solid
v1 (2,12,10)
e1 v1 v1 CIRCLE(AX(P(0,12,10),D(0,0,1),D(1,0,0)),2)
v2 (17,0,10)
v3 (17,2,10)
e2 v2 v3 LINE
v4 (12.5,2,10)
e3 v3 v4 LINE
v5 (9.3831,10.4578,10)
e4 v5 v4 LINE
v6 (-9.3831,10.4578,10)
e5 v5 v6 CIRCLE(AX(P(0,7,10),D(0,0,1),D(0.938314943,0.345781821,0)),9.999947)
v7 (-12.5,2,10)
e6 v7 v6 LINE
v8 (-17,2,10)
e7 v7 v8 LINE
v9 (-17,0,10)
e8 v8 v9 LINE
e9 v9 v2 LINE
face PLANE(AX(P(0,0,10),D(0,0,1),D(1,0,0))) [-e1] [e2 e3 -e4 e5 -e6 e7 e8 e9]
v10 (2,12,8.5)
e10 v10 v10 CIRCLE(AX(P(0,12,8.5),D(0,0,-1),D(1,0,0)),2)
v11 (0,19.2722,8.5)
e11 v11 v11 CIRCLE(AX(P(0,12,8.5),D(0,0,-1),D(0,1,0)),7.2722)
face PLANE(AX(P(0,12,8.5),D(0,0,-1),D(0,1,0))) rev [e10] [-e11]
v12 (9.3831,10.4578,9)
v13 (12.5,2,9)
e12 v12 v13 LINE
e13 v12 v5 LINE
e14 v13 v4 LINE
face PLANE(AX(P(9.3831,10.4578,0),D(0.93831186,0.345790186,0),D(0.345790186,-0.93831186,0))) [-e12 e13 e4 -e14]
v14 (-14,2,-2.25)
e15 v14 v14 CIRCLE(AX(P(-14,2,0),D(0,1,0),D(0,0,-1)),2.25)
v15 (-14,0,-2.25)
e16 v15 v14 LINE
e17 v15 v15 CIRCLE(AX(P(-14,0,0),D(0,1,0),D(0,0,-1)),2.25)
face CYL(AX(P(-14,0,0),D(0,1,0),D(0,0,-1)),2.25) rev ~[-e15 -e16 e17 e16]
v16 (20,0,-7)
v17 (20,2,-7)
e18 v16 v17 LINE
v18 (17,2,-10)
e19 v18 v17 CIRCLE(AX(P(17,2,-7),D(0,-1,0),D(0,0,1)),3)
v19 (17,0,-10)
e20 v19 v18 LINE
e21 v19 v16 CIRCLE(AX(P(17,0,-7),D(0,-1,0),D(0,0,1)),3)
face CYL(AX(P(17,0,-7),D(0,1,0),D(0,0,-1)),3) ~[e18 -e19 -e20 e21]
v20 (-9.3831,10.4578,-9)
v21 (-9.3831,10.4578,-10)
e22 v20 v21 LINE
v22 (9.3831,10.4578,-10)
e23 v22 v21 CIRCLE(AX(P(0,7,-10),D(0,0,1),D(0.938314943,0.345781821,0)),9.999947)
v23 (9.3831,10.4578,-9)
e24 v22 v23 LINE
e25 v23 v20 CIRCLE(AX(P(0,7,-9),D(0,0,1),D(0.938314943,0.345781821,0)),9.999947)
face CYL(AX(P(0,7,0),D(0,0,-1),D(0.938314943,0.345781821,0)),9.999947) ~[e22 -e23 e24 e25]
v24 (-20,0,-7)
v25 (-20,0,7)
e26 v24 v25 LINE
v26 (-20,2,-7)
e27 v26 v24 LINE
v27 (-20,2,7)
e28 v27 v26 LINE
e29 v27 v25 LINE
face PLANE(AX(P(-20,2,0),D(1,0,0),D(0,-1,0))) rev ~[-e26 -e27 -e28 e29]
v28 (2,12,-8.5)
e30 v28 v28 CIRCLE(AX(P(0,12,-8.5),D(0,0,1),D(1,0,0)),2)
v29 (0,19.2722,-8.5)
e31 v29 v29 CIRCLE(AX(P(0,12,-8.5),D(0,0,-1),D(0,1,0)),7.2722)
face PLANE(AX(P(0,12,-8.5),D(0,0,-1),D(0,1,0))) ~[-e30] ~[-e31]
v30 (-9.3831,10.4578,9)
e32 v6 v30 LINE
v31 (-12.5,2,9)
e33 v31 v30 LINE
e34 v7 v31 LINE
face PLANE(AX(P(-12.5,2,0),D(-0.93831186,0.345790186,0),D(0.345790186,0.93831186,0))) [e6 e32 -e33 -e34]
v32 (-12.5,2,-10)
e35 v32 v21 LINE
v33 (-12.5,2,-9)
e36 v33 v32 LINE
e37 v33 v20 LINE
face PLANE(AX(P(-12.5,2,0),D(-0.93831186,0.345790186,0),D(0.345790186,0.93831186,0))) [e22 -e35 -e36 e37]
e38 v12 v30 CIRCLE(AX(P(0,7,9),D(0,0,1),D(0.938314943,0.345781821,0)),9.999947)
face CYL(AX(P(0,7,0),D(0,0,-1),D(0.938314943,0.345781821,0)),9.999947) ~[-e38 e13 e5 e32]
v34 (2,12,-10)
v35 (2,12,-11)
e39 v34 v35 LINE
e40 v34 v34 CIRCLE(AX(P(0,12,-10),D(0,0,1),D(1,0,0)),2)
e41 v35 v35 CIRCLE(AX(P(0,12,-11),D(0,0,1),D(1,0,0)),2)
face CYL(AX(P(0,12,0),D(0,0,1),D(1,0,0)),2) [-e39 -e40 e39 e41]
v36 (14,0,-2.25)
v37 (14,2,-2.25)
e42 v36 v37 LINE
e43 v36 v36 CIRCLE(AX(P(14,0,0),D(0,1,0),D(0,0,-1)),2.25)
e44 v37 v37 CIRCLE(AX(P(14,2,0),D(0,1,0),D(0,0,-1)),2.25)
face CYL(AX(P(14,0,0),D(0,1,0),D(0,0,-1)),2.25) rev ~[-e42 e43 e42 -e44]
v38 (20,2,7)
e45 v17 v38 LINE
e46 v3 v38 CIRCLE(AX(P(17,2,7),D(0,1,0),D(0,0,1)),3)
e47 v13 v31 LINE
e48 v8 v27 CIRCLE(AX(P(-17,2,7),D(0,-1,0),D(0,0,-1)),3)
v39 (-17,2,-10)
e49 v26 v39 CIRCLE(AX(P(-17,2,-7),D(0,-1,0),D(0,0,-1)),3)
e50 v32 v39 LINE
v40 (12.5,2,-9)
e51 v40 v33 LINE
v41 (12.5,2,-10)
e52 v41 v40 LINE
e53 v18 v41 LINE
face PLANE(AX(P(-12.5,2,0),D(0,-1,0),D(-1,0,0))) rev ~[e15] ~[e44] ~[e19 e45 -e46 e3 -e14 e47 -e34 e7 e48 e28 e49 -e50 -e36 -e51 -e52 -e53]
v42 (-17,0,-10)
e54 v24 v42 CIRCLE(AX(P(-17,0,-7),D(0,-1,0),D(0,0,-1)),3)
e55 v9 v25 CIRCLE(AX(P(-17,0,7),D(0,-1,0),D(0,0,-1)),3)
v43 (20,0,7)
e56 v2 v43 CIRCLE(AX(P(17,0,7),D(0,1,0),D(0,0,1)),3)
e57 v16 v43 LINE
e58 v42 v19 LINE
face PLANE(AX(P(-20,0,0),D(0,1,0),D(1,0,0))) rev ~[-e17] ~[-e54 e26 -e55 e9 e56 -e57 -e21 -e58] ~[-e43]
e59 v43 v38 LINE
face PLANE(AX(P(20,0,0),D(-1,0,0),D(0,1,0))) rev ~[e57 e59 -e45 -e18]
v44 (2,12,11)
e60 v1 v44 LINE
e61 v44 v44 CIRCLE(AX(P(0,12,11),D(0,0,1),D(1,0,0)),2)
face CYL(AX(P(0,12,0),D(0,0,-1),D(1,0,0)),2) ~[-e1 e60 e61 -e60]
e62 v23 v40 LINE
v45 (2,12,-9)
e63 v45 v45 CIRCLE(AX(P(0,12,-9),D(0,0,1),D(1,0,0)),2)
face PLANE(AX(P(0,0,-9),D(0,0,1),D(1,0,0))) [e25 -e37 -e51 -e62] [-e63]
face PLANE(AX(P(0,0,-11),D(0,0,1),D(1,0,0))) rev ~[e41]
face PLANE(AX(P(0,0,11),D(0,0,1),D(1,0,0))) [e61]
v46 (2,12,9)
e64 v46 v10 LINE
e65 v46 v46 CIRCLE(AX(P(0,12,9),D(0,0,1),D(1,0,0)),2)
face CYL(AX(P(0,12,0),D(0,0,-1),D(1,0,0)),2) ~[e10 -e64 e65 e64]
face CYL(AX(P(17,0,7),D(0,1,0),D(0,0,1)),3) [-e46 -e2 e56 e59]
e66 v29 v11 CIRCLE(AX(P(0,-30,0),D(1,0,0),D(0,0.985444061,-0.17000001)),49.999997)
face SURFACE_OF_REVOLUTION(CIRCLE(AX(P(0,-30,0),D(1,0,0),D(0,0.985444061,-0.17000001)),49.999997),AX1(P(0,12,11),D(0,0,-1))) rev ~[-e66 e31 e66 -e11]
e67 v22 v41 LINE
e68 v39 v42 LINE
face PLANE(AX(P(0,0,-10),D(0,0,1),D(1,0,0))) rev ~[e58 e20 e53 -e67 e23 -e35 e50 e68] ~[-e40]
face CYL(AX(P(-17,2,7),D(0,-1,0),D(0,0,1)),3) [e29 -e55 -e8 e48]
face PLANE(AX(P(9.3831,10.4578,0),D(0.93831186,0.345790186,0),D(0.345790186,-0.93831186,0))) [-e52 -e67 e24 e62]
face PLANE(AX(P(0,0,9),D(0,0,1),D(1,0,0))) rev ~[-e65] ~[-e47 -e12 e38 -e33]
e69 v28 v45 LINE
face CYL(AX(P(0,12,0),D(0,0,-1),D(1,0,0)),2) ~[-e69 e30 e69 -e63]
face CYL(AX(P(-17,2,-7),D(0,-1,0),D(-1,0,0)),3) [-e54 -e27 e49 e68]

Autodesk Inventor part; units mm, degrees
ref_plane "YZ Plane" through (0, 0, 0) normal (1, 0, 0) x (0, 1, 0)
ref_plane "XZ Plane" through (0, 0, 0) normal (0, 1, 0) x (-1, 0, 0)
ref_plane "XY Plane" through (0, 0, 0) normal (0, 0, 1) x (1, 0, 0)
sketch "Sketch1" plane through (0, 0, 0) normal (0, 0, 1) x (1, 0, 0)
  line L0 (-20, 0) -> (20, 0)
  line L1 (20, 0) -> (20, 2)
  line L2 (20, 2) -> (-20, 2)
  line L3 (-20, 2) -> (-20, 0)
  line L4 (-12.5, 2) -> (-9.3831, 10.4578)
  line L5 (9.3831, 10.4578) -> (12.5, 2)
  line L6 (0, 12) -> (0, 2) construction
  circle A0 centre (0, 12) radius 2
  arc A1 (9.3831, 10.4578) -> (-9.3831, 10.4578) centre (0, 7) ccw
  point P0 (0, 0)
  point P1 (0, 0)
  dimension "d0" = 40
  dimension "d1" = 2
  dimension "d2" = 25
  dimension "d3" = 12
  dimension "d5" = 4
  dimension "d27" = 10
  dimension "d28" = 5
extrude "Extrusion1" add sketch "Sketch1" along normal mid plane 20
extrude "Extrusion3" add sketch "Sketch1" along normal mid plane 22 contours A0
extrude "Extrusion2" cut sketch "Sketch1" along normal mid plane 18 contours L4 A1 L5 L2
sketch "Sketch2" plane through (0, 0, 0) normal (1, 0, 0) x (0, 1, 0)
  line L0 (14, -11) -> (10, -11) projected
  line L1 (10, -10) -> (0, -10) projected
  line L2 (0, -10) -> (0, 10) projected
  line L3 (0, 10) -> (10, 10) projected
  line L4 (10, 11) -> (14, 11) projected
  line L5 (12, 11) -> (12, -11)
  line L6 (14, 8.5) -> (14, -8.5)
  line L7 (14, -8.5) -> (19.2722, -8.5)
  line L8 (14, 8.5) -> (19.2722, 8.5)
  arc A0 (19.2722, -8.5) -> (19.2722, 8.5) centre (-30, 0) ccw
  line L9 (12, 0) -> (2, 0) construction
  line L10 (20, 8.5) -> (20, -8.5) construction
  line L11 (19.2722, 8.5) -> (20, 8.5) construction
  line L12 (20, -8.5) -> (19.2722, -8.5) construction
  line L13 (10, -9) -> (10, 9) projected
  line L14 (10, 9) -> (2, 9) projected
  line L15 (2, 9) -> (2, -9) projected
  line L16 (2, -9) -> (10, -9) projected
  line L17 (14, -10) -> (14, -11) projected
  line L18 (10, -11) -> (10, -10) projected
  line L19 (10, 10) -> (10, 11) projected
  line L20 (14, 11) -> (14, 10) projected
  line L21 (14, 10) -> (17, 10) projected
  line L22 (17, 10) -> (17, 9) projected
  line L23 (17, 9) -> (14, 9) projected
  line L24 (14, 9) -> (14, -9) projected
  line L25 (14, -9) -> (17, -9) projected
  line L26 (17, -9) -> (17, -10) projected
  line L27 (17, -10) -> (14, -10) projected
  point P0 (0, 0)
  dimension "d14" = 8
  dimension "d15" = 50
  dimension "d29" = 17
revolve "Revolution1" add sketch "Sketch2" angle 360 about axis through (0, 12, 11) along (0, 0, -1) contours L6 L8 A0 L7
fillet "Fillet1" radius 3 4 edges at (-20, 1, -10) (-20, 1, 10) (20, 1, 10) (20, 1, -10)
sketch "Sketch3" plane through (-17, 0, 10) normal (0, -1, 0) x (1, 0, 0)
  line L0 (37, -17) -> (37, -3) projected
  line L1 (0, 0) -> (34, 0) projected
  line L2 (-3, -3) -> (-3, -17) projected
  line L3 (34, -20) -> (0, -20) projected
  line L4 (-3, -10) -> (37, -10) construction
  line L5 (17, 0) -> (17, -20) construction
  point P0 (17, -10)
  point P1 (3, -10)
  point P2 (31, -10)
  dimension "d18" = 28
hole "Hole1" at (-14, 0, 0) at (14, 0, 0) direction (0, 1, 0) diameter 4.5 end through all
properties part number "rolka_meblowa_16mm"
